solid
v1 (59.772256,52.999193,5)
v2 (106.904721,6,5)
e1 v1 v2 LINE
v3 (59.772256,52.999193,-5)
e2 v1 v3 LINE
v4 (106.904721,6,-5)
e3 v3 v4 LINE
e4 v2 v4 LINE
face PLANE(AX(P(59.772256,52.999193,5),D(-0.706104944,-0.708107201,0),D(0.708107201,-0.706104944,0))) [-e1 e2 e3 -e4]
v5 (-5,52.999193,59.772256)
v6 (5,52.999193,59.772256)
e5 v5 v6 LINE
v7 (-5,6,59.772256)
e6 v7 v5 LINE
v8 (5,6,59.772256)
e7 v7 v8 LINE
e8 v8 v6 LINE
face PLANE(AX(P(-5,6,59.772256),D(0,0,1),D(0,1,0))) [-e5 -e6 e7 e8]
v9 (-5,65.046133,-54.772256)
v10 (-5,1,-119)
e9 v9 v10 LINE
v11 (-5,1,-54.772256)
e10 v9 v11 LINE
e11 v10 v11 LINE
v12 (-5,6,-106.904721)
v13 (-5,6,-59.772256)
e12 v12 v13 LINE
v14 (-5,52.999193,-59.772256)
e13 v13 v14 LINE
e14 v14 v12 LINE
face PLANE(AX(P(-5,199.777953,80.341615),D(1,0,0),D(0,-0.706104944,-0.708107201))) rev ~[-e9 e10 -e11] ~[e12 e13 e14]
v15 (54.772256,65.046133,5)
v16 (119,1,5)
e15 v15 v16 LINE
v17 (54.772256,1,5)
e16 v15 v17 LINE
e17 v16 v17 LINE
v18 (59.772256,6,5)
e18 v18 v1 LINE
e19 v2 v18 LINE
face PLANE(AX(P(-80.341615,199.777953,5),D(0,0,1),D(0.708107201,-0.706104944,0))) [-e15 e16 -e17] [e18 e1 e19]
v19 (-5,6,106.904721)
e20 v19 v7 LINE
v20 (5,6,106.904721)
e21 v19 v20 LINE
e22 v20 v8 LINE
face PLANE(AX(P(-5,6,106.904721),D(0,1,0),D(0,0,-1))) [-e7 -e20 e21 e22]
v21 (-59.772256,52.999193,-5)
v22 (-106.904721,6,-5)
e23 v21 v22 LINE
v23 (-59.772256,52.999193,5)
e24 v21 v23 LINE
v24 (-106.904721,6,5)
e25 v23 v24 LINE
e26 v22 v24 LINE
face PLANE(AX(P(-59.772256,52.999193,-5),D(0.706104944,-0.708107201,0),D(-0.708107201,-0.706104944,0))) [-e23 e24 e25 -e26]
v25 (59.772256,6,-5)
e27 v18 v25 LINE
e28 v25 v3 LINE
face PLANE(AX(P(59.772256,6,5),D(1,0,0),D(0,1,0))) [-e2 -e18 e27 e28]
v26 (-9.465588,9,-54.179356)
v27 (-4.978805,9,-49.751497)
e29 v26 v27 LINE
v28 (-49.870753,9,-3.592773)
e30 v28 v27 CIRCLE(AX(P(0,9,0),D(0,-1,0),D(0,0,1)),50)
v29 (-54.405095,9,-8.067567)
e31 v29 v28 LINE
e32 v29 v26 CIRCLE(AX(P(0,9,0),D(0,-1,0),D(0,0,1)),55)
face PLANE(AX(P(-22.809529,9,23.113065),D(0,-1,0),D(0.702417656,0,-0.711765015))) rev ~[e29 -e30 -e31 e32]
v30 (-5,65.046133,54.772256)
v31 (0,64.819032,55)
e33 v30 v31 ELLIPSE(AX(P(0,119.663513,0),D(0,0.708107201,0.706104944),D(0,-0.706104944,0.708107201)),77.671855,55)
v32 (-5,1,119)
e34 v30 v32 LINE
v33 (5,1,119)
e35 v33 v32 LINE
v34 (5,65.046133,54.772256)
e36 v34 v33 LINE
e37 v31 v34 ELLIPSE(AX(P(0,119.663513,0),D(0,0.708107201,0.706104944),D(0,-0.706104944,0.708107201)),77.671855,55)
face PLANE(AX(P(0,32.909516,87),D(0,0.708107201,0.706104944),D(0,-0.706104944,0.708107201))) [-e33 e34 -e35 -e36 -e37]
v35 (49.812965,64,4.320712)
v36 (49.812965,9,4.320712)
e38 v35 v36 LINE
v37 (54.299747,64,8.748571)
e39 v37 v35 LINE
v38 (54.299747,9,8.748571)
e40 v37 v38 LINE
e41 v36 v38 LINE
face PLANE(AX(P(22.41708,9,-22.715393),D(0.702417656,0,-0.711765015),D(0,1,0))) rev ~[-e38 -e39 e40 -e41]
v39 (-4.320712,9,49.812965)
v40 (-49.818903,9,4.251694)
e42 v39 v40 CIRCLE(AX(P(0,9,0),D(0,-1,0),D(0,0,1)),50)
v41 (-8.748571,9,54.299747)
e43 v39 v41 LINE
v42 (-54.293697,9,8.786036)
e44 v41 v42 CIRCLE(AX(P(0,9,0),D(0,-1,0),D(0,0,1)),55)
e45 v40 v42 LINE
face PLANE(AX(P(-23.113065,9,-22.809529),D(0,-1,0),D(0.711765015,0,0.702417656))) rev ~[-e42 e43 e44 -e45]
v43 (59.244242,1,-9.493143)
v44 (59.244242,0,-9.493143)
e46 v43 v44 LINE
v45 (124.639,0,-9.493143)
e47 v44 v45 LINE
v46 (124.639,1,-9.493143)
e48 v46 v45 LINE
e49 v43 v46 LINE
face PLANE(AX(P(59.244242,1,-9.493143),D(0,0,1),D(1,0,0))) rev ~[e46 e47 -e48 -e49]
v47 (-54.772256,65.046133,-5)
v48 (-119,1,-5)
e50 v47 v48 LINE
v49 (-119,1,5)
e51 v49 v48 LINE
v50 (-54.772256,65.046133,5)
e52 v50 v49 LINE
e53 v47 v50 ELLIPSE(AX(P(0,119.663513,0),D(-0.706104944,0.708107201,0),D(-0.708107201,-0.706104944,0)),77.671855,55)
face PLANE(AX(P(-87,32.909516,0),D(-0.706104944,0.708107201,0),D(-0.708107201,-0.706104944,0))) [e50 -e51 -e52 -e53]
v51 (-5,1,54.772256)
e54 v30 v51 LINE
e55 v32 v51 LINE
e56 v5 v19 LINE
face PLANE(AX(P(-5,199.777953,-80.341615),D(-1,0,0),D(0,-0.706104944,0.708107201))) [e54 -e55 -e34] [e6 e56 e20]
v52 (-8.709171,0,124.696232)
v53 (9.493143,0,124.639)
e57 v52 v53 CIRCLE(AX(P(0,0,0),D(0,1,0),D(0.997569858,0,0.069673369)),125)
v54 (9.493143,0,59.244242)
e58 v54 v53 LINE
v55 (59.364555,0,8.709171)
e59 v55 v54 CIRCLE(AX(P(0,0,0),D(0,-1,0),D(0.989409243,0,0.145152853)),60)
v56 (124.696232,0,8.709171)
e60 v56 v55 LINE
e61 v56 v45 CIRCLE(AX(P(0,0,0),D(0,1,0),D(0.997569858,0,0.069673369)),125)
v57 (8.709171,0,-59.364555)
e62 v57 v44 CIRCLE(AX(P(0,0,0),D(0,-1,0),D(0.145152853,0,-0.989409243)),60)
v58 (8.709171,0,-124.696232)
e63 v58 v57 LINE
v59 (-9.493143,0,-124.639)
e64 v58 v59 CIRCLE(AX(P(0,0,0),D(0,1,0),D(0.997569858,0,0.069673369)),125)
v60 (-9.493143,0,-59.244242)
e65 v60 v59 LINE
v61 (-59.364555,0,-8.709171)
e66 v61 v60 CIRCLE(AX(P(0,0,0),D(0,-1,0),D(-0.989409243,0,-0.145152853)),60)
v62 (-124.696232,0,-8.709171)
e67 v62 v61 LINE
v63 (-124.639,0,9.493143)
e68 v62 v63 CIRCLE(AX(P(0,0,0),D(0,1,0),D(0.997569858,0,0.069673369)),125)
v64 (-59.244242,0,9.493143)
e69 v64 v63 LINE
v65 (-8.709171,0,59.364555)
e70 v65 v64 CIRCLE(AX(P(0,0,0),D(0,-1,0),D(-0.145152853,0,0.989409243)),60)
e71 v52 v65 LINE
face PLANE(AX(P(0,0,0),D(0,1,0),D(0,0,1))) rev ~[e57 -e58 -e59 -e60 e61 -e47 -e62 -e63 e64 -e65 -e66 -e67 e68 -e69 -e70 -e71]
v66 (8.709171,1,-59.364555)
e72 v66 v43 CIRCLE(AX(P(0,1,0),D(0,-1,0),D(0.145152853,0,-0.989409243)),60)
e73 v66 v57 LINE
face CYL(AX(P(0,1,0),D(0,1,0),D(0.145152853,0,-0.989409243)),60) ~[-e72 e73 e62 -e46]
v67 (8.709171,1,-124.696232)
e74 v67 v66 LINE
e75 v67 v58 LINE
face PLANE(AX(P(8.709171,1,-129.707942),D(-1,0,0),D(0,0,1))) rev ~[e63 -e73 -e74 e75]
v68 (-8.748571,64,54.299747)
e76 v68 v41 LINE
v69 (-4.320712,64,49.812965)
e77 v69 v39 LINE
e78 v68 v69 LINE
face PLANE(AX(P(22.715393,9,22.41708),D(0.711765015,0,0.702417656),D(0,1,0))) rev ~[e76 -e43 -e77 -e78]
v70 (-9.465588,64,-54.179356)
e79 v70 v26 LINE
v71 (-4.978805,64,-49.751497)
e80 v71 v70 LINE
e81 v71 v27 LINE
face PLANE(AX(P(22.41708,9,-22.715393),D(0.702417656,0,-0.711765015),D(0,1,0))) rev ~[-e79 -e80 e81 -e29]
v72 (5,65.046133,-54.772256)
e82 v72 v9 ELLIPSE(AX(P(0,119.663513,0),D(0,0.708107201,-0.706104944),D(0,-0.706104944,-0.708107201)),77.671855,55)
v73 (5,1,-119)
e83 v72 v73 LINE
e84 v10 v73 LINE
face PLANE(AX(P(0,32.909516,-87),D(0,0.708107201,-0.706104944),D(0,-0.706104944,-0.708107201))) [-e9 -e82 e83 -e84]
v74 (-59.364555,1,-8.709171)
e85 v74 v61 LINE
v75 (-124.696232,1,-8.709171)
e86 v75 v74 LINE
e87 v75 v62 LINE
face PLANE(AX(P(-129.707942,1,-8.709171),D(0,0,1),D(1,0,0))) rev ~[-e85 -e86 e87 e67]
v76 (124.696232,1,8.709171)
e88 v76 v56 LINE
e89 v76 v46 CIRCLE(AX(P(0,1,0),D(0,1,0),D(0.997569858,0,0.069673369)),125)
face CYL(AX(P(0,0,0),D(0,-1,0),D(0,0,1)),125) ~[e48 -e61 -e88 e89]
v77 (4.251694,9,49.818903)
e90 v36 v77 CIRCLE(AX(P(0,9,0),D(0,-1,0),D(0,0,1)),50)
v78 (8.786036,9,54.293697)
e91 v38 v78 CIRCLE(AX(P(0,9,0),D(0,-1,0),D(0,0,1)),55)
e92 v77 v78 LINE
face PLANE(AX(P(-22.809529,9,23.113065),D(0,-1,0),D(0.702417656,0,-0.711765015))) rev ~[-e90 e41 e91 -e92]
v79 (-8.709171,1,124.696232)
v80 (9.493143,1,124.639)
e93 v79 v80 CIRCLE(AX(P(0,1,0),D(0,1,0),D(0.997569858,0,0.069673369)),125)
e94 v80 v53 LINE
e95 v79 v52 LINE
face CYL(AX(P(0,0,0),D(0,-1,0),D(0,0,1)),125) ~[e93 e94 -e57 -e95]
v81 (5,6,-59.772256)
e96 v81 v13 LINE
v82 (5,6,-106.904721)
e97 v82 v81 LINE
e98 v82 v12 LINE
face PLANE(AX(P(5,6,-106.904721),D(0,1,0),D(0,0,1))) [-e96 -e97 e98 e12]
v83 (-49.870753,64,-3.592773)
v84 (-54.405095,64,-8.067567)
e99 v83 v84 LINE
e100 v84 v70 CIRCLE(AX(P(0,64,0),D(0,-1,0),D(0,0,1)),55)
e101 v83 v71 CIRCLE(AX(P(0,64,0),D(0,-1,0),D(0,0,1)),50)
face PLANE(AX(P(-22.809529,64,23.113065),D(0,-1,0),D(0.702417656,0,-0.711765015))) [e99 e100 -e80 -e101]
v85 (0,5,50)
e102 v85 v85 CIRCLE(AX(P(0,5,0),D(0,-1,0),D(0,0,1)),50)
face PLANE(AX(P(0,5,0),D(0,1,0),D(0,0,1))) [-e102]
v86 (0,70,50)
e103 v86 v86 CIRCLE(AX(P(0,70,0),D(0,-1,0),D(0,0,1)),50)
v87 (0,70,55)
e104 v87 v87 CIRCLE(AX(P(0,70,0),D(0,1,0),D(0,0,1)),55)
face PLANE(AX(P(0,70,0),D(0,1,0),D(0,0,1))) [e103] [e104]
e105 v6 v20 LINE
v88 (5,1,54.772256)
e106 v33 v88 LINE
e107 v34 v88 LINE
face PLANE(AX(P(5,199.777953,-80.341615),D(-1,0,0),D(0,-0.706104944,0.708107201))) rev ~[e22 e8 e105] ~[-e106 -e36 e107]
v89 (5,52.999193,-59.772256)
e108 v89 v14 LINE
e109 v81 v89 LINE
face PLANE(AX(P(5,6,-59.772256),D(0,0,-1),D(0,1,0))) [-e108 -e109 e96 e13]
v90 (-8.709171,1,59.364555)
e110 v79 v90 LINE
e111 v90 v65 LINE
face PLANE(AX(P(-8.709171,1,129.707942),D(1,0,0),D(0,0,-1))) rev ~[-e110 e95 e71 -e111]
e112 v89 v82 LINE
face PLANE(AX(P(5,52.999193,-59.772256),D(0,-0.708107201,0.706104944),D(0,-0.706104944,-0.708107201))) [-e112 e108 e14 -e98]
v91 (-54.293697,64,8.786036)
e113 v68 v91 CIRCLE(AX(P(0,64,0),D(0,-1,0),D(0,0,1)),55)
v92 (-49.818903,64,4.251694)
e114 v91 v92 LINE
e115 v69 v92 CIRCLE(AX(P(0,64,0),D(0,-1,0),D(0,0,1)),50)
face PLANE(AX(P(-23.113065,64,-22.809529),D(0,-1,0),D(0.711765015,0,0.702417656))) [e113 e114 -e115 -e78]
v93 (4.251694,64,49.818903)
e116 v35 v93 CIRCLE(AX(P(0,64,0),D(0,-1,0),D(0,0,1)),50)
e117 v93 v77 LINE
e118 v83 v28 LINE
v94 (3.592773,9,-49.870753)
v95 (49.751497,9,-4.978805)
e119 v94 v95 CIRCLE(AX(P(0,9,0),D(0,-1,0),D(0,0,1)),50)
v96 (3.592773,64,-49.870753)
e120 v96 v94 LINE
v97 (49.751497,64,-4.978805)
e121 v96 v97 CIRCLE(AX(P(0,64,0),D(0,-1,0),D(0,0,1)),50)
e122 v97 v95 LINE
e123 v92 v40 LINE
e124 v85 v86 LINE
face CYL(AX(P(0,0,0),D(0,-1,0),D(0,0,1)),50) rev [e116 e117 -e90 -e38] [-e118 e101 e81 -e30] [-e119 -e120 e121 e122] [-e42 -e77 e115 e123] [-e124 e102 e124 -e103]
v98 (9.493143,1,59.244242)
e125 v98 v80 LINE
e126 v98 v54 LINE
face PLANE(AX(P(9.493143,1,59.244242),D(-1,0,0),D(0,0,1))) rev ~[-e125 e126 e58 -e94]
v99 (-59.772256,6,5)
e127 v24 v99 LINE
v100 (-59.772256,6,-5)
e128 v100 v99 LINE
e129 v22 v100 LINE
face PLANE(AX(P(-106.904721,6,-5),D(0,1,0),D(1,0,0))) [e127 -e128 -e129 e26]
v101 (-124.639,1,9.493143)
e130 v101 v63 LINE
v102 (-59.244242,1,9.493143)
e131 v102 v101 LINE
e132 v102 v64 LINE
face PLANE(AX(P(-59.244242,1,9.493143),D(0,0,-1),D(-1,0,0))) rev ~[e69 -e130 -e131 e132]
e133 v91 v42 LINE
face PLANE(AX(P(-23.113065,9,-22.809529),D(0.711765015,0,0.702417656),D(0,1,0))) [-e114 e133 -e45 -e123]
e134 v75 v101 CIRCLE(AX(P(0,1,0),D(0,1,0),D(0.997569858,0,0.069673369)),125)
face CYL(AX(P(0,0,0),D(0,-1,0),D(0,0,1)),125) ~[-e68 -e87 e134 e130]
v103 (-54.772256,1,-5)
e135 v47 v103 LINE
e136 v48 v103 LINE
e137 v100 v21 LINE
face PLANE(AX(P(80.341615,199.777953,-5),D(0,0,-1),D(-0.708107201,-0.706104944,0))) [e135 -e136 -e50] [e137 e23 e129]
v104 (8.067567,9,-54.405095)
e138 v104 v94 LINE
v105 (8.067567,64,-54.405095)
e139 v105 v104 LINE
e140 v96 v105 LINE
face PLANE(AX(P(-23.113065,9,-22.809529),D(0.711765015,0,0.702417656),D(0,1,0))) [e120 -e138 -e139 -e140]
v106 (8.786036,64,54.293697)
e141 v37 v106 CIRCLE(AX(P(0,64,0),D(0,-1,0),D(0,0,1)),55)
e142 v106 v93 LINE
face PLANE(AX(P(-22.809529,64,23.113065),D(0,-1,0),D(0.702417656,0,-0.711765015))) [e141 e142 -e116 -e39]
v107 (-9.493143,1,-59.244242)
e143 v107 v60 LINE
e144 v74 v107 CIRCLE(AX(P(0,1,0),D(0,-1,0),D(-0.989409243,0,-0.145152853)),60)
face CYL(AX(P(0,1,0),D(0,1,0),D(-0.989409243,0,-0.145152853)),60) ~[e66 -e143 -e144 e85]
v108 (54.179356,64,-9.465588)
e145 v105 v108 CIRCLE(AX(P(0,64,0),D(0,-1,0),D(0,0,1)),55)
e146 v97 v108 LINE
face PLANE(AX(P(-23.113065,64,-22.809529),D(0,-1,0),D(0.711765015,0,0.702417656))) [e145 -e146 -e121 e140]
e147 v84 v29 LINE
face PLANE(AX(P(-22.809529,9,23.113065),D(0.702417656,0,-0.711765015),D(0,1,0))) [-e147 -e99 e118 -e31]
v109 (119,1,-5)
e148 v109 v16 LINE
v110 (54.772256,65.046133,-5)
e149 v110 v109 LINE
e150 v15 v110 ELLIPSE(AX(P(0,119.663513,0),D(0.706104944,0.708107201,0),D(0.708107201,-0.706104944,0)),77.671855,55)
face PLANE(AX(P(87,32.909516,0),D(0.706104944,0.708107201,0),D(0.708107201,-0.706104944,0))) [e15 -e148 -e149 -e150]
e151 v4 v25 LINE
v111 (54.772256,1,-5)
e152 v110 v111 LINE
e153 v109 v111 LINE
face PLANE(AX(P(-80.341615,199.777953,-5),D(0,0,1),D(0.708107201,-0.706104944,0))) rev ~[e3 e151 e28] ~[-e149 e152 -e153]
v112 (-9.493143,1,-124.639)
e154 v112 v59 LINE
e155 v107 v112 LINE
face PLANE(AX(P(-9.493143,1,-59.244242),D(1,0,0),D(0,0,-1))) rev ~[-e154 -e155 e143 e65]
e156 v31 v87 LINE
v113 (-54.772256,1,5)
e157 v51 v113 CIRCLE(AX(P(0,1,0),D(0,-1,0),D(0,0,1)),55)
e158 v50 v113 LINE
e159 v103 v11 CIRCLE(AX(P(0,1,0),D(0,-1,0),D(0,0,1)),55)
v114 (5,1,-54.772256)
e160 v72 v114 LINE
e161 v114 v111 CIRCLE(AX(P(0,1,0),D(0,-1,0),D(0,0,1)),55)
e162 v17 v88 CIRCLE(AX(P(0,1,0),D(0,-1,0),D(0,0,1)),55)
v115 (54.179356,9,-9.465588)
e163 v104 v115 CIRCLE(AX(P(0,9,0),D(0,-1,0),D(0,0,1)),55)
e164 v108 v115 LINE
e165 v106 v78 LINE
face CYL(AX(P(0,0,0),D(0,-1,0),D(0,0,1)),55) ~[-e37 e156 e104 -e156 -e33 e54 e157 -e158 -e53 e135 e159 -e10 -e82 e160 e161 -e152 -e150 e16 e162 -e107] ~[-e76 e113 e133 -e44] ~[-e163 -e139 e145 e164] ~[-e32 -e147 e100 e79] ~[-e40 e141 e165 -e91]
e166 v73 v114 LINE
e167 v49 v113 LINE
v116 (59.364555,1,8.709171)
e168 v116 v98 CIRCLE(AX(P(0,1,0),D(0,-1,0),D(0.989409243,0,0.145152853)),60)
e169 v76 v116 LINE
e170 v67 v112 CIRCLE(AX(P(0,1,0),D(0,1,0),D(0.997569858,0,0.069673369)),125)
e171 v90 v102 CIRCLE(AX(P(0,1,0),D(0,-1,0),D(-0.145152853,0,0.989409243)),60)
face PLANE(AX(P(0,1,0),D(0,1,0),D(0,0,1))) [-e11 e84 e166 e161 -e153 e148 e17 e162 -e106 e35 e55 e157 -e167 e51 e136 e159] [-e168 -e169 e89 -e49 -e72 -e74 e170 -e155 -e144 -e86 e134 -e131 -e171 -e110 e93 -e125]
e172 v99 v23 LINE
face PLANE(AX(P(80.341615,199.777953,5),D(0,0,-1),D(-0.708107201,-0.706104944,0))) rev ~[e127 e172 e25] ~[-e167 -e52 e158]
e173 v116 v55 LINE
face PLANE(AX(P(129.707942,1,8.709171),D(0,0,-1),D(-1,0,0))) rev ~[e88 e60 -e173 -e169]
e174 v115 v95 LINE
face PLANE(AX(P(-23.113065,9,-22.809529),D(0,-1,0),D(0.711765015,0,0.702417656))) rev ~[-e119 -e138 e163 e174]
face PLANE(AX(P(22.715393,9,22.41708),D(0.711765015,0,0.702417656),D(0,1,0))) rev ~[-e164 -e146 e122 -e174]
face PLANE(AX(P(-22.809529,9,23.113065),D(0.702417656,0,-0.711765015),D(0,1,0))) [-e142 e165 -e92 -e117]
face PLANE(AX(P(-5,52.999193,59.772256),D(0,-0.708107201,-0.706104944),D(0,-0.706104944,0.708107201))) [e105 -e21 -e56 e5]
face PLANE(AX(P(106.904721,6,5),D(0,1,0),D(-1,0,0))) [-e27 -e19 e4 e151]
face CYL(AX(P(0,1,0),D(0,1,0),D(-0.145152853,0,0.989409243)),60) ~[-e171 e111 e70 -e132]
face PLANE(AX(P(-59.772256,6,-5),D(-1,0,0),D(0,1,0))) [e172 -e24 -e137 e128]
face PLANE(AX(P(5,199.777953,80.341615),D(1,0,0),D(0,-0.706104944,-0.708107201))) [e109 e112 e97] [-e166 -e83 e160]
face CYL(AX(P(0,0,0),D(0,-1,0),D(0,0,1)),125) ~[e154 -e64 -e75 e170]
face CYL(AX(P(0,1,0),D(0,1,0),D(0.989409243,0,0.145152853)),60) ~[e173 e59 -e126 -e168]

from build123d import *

# Parameters (mm, degrees)
SKETCH2_R           = 55
BOSS_EXTRUDE1_DEPTH = 70
SHELL1_T            = -5
SKETCH4_R           = 125
BOSS_EXTRUDE2_DEPTH = 1
RIB7_REACH          = 192.132
SKETCH3_WALL_W      = 472.644862012
SKETCH3_WALL_H      = 10
CIRPATTERN1_COUNT   = 4
CUT_EXTRUDE1_DEPTH  = 1
CIRPATTERN2_COUNT   = 4
CUT_EXTRUDE2_DEPTH  = 194.455421222
CIRPATTERN3_COUNT   = 4
SKETCH10_W          = 64.387061578
SKETCH10_H          = 55
CUT_EXTRUDE3_DEPTH  = 191.131533418
CIRPATTERN4_COUNT   = 2
CIRPATTERN4_ANGLE   = 90


with BuildPart() as part:
    # Sketch2 → Boss-Extrude1 (new body)
    with BuildSketch(Plane(origin=(0, 0, 0), x_dir=(1, 0, 0), z_dir=(0, 1, 0))):
        with Locations(Location((0, 0, 0), (0, 0, 270))):
            Circle(SKETCH2_R)
    extrude(amount=BOSS_EXTRUDE1_DEPTH)

    # Shell1
    shell1_openings = [part.faces().sort_by_distance(p)[0] for p in [
        (0, 70, 0),
    ]]
    offset(amount=SHELL1_T, openings=shell1_openings, kind=Kind.INTERSECTION)

    # Sketch4 → Boss-Extrude2 (add)
    with BuildSketch(Plane(origin=(0, 0, 0), x_dir=(1, 0, 0), z_dir=(0, 1, 0))):
        with Locations(Location((0, 0, 0), (0, 0, 270))):
            Circle(SKETCH4_R)
    extrude(amount=BOSS_EXTRUDE2_DEPTH)

    # Sketch3 wall → Rib7 (add, up to next)
    with BuildSketch(Plane(origin=(87, 32.90951621, 0), x_dir=(0.708107200971, -0.706104943994, 0), z_dir=(0.706104943994, 0.708107200971, 0)), mode=Mode.PRIVATE) as rib7_sk1:
        Rectangle(SKETCH3_WALL_W, SKETCH3_WALL_H)
    rib7_tool1 = extrude(rib7_sk1.sketch, amount=-RIB7_REACH, mode=Mode.PRIVATE) - part.part
    rib7 = rib7_tool1.solids().sort_by_distance((87, 32.90951621, 0))[0]
    add(rib7)

    # CirPattern1: Rib7 ×4 about axis
    cirpattern1_axis = Axis((0, 0, 0), (0, 1, 0))
    for i in range(1, CIRPATTERN1_COUNT):
        add(rib7.rotate(cirpattern1_axis, i * 360 / CIRPATTERN1_COUNT))

    # Sketch5 → Cut-Extrude1 (cut)
    with BuildSketch(Plane(origin=(0, 1, 0), x_dir=(1, 0, 0), z_dir=(0, 1, 0))):
        with BuildLine():
            Line((9.493142678, -59.24424227), (9.493142678, -129.652922227))
            ThreePointArc((9.493142678, -129.652922227), (92.201319164, -91.645604065), (129.707942461, -8.709171177))
            Line((129.707942461, -8.709171177), (59.364554554, -8.709171177))
            ThreePointArc((59.364554554, -8.709171177), (42.705900876, -42.145059383), (9.493142678, -59.24424227))
        make_face()
    cut_extrude1 = extrude(amount=-CUT_EXTRUDE1_DEPTH, mode=Mode.SUBTRACT)

    # CirPattern2: Cut-Extrude1 ×4 about axis
    cirpattern2_axis = Axis((0, 0, 0), (0, 1, 0))
    for i in range(1, CIRPATTERN2_COUNT):
        add(cut_extrude1.rotate(cirpattern2_axis, i * 360 / CIRPATTERN2_COUNT), mode=Mode.SUBTRACT)

    # Sketch7 → Cut-Extrude2 (cut, through all)
    with BuildSketch(Plane(origin=(5, 0, 0), x_dir=(0, 0, -1), z_dir=(1, 0, 0))):
        Polygon((59.772255751, 52.99919304), (106.904721419, 6), (59.772255751, 6), align=None)
    cut_extrude2 = extrude(amount=-CUT_EXTRUDE2_DEPTH, mode=Mode.SUBTRACT)

    # CirPattern3: Cut-Extrude2 ×4 about axis
    cirpattern3_axis = Axis((0, 0, 0), (0, 1, 0))
    for i in range(1, CIRPATTERN3_COUNT):
        add(cut_extrude2.rotate(cirpattern3_axis, i * 360 / CIRPATTERN3_COUNT), mode=Mode.SUBTRACT)

    # Sketch10 → Cut-Extrude3 (cut, symmetric)
    with BuildSketch(Plane(origin=(0, 0, 0), x_dir=(0.7117650145966598, -3.2873850610052313e-15, 0.7024176563813135), z_dir=(-0.7024176563813135, -3.331131634682351e-15, 0.7117650145966598))):
        with Locations((-0.279356343, 36.5)):
            Rectangle(SKETCH10_W, SKETCH10_H)
    cut_extrude3 = extrude(amount=CUT_EXTRUDE3_DEPTH, both=True, mode=Mode.SUBTRACT)

    # CirPattern4: Cut-Extrude3 ×2 about axis
    cirpattern4_axis = Axis((0, 70, 0), (0, 1, 0))
    for i in range(1, CIRPATTERN4_COUNT):
        add(cut_extrude3.rotate(cirpattern4_axis, i * CIRPATTERN4_ANGLE / (CIRPATTERN4_COUNT - 1)), mode=Mode.SUBTRACT)


solid = part.part
